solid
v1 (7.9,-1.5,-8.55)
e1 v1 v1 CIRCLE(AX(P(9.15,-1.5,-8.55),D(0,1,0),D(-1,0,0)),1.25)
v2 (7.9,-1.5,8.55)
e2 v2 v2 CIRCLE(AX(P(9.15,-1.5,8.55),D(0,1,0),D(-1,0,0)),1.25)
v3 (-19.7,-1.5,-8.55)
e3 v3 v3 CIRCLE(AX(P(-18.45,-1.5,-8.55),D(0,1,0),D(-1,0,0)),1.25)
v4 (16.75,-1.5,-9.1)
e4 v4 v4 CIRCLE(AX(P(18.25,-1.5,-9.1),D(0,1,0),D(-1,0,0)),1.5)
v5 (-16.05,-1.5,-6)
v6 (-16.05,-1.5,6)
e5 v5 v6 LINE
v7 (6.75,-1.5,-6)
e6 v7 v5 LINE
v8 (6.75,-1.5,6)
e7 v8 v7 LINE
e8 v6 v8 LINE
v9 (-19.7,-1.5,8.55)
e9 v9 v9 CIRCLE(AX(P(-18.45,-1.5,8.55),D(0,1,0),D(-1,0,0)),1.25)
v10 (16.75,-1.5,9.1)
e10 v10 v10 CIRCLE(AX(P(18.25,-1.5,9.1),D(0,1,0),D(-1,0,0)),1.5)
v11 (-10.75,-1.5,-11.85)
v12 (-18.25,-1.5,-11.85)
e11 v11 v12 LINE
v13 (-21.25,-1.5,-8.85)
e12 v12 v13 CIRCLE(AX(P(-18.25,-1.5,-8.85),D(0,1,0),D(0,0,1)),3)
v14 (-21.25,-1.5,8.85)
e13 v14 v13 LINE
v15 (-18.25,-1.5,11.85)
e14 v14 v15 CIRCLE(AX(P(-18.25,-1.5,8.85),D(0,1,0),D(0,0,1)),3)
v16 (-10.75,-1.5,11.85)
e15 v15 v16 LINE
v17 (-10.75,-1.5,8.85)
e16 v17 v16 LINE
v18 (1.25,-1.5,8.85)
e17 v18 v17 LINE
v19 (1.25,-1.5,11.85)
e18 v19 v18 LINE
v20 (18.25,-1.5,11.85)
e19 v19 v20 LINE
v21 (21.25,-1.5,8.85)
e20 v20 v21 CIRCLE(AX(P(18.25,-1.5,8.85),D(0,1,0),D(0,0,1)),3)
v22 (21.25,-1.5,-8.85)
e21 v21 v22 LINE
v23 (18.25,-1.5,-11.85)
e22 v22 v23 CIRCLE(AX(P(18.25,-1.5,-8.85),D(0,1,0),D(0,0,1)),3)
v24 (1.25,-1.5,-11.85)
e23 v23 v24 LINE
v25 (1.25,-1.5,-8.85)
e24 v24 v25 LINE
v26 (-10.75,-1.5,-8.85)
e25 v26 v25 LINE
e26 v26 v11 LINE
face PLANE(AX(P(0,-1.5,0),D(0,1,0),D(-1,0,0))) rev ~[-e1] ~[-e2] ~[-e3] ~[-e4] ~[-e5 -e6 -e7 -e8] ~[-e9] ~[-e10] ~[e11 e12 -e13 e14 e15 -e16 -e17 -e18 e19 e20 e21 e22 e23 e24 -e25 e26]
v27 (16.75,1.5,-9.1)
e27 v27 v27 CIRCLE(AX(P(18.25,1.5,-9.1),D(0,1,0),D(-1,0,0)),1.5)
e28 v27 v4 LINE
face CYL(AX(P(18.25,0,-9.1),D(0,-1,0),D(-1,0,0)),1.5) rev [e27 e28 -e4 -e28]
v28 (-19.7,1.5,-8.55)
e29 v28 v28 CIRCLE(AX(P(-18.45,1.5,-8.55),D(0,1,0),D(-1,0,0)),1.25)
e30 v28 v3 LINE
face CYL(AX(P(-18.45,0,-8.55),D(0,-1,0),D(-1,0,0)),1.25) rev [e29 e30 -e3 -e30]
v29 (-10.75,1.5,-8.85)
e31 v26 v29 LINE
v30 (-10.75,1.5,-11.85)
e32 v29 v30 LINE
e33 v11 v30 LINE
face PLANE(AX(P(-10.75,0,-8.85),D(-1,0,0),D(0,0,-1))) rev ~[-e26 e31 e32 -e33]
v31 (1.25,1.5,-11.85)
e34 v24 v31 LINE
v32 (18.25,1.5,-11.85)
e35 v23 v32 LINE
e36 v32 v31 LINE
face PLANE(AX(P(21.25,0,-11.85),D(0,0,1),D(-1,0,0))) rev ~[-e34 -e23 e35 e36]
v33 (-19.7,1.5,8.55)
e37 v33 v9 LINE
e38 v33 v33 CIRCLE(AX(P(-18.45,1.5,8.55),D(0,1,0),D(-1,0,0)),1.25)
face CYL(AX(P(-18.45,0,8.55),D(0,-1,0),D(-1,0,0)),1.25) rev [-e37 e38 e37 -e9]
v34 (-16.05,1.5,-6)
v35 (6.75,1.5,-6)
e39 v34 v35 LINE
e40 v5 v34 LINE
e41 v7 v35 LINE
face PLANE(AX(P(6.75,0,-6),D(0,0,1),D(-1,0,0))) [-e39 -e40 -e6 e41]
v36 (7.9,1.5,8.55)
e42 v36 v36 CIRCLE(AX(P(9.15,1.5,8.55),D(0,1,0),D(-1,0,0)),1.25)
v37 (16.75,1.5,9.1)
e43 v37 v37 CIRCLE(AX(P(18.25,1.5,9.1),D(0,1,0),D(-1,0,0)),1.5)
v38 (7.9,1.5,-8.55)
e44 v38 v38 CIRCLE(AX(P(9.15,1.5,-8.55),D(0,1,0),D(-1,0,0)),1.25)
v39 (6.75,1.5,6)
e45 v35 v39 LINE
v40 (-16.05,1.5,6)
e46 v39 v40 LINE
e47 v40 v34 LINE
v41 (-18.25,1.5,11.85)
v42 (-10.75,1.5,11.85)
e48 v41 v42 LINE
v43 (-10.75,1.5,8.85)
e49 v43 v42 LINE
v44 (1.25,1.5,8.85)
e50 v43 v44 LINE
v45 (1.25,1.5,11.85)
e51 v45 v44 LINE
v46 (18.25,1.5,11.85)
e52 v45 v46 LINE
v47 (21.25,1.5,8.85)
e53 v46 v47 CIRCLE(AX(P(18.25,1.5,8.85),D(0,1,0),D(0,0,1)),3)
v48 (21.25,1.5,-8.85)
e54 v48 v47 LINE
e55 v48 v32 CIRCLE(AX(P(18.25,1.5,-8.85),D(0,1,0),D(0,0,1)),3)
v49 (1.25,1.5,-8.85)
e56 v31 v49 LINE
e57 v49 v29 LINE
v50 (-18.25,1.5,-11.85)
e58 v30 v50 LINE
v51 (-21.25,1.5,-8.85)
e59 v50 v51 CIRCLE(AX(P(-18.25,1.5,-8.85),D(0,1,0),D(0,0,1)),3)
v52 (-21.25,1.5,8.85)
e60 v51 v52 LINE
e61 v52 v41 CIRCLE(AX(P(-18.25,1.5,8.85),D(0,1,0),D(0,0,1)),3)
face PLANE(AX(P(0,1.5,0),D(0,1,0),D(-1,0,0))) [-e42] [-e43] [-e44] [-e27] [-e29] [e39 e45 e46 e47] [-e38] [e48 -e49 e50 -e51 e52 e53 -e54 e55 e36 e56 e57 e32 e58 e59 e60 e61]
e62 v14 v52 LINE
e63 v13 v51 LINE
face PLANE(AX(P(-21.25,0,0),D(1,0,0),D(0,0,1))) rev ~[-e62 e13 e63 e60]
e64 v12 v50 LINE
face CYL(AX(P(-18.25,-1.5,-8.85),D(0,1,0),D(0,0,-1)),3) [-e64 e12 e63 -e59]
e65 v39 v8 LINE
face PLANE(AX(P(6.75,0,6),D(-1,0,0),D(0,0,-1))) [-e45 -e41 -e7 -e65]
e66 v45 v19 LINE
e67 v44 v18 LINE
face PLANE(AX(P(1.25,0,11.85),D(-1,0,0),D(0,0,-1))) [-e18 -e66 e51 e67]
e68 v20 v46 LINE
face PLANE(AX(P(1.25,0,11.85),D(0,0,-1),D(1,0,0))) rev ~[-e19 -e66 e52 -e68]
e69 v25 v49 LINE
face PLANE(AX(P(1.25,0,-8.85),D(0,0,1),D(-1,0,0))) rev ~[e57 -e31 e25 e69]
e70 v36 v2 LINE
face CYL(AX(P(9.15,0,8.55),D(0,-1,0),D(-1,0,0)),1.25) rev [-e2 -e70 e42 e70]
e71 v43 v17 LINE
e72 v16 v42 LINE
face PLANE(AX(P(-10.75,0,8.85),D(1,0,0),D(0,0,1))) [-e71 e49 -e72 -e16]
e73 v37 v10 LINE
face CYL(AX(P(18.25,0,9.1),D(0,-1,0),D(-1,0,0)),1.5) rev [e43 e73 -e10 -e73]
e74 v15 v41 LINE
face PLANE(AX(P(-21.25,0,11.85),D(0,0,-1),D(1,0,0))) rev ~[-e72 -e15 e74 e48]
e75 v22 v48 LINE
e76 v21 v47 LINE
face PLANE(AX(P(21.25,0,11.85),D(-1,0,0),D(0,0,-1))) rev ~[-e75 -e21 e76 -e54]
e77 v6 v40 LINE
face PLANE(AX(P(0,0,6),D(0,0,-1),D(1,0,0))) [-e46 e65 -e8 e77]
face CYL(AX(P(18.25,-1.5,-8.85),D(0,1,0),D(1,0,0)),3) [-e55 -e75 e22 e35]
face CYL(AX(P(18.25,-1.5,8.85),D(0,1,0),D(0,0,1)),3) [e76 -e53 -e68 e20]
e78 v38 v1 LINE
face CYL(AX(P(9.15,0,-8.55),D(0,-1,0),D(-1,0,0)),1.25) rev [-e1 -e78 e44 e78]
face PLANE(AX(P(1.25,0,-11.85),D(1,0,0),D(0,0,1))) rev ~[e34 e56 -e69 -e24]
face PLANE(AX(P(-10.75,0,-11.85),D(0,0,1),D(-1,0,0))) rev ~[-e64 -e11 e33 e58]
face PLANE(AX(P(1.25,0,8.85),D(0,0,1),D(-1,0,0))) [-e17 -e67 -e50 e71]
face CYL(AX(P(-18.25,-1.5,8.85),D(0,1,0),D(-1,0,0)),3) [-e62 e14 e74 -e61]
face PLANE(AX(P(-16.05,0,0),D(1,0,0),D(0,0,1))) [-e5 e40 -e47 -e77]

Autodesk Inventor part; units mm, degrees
ref_plane "YZ Plane" through (0, 0, 0) normal (1, 0, 0) x (0, 1, 0)
ref_plane "XZ Plane" through (0, 0, 0) normal (0, 1, 0) x (-1, 0, 0)
ref_plane "XY Plane" through (0, 0, 0) normal (0, 0, 1) x (1, 0, 0)
sketch "草圖1" plane through (0, 0, 0) normal (0, 1, 0) x (-1, 0, 0)
  line L0 (-21.25, 11.85) -> (-21.25, -11.85)
  line L1 (-21.25, -11.85) -> (21.25, -11.85)
  line L2 (21.25, -11.85) -> (21.25, 11.85)
  line L3 (0, -16.59) -> (0, 16.59) projected
  line L4 (29.75, 0) -> (-29.75, 0) projected
  circle A0 centre (18.45, 8.55) radius 1.25
  circle A1 centre (18.45, -8.55) radius 1.25
  line L5 (16.05, 6) -> (-6.75, 6)
  line L6 (-6.75, 6) -> (-6.75, -6)
  line L7 (-6.75, -6) -> (16.05, -6)
  line L8 (16.05, -6) -> (16.05, 6)
  line L9 (10.75, -11.85) -> (-1.25, -11.85)
  line L10 (-1.25, -11.85) -> (-1.25, -8.85)
  line L11 (-1.25, -8.85) -> (10.75, -8.85)
  line L12 (10.75, -8.85) -> (10.75, -11.85)
  line L13 (16.05, -6) -> (4.65, -6)
  line L14 (4.65, -6) -> (4.65, 4.0143)
  circle A2 centre (-9.15, 8.55) radius 1.25
  circle A3 centre (-9.15, -8.55) radius 1.25
  line L15 (-1.25, 11.85) -> (-1.25, 8.85)
  line L16 (-1.25, 8.85) -> (10.75, 8.85)
  line L17 (10.75, 8.85) -> (10.75, 11.85)
  circle A4 centre (-18.25, 9.1) radius 1.5
  circle A5 centre (-18.25, -9.1) radius 1.5
  line L18 (21.25, 11.85) -> (10.75, 11.85)
  line L19 (-1.25, 11.85) -> (-21.25, 11.85)
  point P0 (0, 0)
  point P1 (0, 0)
  dimension "d12" = 23.7
  dimension "d13" = 42.5
  dimension "d14" = 2.8
  dimension "d15" = 2.5
  dimension "d17" = 5.2
  dimension "d20" = 12
  dimension "d21" = 6
  dimension "d22" = 22.8
  dimension "d23" = 10.5
  dimension "d24" = 3
  dimension "d25" = 12
  dimension "d26" = 11.4
  dimension "d27" = 3
  dimension "d28" = 3
  dimension "d30" = 3
  dimension "d31" = 2.75
  dimension "d32" = 3
extrude "擠出1" add sketch "草圖1" along normal mid plane 3 contours L19 L15 L16 L3 L5 L6 L4 L0 | L4 L6 L7 L3 L11 L10 L1 L0 | L16 L17 L18 L2 L4 L8 L5 L3 | L7 L8 L4 L2 L1 L12 L11 L3
fillet "圓角1" radius 3 4 edges at (-21.25, 0, 11.85) (-21.25, 0, -11.85) (21.25, 0, 11.85) (21.25, 0, -11.85)
properties part number "板子6"
